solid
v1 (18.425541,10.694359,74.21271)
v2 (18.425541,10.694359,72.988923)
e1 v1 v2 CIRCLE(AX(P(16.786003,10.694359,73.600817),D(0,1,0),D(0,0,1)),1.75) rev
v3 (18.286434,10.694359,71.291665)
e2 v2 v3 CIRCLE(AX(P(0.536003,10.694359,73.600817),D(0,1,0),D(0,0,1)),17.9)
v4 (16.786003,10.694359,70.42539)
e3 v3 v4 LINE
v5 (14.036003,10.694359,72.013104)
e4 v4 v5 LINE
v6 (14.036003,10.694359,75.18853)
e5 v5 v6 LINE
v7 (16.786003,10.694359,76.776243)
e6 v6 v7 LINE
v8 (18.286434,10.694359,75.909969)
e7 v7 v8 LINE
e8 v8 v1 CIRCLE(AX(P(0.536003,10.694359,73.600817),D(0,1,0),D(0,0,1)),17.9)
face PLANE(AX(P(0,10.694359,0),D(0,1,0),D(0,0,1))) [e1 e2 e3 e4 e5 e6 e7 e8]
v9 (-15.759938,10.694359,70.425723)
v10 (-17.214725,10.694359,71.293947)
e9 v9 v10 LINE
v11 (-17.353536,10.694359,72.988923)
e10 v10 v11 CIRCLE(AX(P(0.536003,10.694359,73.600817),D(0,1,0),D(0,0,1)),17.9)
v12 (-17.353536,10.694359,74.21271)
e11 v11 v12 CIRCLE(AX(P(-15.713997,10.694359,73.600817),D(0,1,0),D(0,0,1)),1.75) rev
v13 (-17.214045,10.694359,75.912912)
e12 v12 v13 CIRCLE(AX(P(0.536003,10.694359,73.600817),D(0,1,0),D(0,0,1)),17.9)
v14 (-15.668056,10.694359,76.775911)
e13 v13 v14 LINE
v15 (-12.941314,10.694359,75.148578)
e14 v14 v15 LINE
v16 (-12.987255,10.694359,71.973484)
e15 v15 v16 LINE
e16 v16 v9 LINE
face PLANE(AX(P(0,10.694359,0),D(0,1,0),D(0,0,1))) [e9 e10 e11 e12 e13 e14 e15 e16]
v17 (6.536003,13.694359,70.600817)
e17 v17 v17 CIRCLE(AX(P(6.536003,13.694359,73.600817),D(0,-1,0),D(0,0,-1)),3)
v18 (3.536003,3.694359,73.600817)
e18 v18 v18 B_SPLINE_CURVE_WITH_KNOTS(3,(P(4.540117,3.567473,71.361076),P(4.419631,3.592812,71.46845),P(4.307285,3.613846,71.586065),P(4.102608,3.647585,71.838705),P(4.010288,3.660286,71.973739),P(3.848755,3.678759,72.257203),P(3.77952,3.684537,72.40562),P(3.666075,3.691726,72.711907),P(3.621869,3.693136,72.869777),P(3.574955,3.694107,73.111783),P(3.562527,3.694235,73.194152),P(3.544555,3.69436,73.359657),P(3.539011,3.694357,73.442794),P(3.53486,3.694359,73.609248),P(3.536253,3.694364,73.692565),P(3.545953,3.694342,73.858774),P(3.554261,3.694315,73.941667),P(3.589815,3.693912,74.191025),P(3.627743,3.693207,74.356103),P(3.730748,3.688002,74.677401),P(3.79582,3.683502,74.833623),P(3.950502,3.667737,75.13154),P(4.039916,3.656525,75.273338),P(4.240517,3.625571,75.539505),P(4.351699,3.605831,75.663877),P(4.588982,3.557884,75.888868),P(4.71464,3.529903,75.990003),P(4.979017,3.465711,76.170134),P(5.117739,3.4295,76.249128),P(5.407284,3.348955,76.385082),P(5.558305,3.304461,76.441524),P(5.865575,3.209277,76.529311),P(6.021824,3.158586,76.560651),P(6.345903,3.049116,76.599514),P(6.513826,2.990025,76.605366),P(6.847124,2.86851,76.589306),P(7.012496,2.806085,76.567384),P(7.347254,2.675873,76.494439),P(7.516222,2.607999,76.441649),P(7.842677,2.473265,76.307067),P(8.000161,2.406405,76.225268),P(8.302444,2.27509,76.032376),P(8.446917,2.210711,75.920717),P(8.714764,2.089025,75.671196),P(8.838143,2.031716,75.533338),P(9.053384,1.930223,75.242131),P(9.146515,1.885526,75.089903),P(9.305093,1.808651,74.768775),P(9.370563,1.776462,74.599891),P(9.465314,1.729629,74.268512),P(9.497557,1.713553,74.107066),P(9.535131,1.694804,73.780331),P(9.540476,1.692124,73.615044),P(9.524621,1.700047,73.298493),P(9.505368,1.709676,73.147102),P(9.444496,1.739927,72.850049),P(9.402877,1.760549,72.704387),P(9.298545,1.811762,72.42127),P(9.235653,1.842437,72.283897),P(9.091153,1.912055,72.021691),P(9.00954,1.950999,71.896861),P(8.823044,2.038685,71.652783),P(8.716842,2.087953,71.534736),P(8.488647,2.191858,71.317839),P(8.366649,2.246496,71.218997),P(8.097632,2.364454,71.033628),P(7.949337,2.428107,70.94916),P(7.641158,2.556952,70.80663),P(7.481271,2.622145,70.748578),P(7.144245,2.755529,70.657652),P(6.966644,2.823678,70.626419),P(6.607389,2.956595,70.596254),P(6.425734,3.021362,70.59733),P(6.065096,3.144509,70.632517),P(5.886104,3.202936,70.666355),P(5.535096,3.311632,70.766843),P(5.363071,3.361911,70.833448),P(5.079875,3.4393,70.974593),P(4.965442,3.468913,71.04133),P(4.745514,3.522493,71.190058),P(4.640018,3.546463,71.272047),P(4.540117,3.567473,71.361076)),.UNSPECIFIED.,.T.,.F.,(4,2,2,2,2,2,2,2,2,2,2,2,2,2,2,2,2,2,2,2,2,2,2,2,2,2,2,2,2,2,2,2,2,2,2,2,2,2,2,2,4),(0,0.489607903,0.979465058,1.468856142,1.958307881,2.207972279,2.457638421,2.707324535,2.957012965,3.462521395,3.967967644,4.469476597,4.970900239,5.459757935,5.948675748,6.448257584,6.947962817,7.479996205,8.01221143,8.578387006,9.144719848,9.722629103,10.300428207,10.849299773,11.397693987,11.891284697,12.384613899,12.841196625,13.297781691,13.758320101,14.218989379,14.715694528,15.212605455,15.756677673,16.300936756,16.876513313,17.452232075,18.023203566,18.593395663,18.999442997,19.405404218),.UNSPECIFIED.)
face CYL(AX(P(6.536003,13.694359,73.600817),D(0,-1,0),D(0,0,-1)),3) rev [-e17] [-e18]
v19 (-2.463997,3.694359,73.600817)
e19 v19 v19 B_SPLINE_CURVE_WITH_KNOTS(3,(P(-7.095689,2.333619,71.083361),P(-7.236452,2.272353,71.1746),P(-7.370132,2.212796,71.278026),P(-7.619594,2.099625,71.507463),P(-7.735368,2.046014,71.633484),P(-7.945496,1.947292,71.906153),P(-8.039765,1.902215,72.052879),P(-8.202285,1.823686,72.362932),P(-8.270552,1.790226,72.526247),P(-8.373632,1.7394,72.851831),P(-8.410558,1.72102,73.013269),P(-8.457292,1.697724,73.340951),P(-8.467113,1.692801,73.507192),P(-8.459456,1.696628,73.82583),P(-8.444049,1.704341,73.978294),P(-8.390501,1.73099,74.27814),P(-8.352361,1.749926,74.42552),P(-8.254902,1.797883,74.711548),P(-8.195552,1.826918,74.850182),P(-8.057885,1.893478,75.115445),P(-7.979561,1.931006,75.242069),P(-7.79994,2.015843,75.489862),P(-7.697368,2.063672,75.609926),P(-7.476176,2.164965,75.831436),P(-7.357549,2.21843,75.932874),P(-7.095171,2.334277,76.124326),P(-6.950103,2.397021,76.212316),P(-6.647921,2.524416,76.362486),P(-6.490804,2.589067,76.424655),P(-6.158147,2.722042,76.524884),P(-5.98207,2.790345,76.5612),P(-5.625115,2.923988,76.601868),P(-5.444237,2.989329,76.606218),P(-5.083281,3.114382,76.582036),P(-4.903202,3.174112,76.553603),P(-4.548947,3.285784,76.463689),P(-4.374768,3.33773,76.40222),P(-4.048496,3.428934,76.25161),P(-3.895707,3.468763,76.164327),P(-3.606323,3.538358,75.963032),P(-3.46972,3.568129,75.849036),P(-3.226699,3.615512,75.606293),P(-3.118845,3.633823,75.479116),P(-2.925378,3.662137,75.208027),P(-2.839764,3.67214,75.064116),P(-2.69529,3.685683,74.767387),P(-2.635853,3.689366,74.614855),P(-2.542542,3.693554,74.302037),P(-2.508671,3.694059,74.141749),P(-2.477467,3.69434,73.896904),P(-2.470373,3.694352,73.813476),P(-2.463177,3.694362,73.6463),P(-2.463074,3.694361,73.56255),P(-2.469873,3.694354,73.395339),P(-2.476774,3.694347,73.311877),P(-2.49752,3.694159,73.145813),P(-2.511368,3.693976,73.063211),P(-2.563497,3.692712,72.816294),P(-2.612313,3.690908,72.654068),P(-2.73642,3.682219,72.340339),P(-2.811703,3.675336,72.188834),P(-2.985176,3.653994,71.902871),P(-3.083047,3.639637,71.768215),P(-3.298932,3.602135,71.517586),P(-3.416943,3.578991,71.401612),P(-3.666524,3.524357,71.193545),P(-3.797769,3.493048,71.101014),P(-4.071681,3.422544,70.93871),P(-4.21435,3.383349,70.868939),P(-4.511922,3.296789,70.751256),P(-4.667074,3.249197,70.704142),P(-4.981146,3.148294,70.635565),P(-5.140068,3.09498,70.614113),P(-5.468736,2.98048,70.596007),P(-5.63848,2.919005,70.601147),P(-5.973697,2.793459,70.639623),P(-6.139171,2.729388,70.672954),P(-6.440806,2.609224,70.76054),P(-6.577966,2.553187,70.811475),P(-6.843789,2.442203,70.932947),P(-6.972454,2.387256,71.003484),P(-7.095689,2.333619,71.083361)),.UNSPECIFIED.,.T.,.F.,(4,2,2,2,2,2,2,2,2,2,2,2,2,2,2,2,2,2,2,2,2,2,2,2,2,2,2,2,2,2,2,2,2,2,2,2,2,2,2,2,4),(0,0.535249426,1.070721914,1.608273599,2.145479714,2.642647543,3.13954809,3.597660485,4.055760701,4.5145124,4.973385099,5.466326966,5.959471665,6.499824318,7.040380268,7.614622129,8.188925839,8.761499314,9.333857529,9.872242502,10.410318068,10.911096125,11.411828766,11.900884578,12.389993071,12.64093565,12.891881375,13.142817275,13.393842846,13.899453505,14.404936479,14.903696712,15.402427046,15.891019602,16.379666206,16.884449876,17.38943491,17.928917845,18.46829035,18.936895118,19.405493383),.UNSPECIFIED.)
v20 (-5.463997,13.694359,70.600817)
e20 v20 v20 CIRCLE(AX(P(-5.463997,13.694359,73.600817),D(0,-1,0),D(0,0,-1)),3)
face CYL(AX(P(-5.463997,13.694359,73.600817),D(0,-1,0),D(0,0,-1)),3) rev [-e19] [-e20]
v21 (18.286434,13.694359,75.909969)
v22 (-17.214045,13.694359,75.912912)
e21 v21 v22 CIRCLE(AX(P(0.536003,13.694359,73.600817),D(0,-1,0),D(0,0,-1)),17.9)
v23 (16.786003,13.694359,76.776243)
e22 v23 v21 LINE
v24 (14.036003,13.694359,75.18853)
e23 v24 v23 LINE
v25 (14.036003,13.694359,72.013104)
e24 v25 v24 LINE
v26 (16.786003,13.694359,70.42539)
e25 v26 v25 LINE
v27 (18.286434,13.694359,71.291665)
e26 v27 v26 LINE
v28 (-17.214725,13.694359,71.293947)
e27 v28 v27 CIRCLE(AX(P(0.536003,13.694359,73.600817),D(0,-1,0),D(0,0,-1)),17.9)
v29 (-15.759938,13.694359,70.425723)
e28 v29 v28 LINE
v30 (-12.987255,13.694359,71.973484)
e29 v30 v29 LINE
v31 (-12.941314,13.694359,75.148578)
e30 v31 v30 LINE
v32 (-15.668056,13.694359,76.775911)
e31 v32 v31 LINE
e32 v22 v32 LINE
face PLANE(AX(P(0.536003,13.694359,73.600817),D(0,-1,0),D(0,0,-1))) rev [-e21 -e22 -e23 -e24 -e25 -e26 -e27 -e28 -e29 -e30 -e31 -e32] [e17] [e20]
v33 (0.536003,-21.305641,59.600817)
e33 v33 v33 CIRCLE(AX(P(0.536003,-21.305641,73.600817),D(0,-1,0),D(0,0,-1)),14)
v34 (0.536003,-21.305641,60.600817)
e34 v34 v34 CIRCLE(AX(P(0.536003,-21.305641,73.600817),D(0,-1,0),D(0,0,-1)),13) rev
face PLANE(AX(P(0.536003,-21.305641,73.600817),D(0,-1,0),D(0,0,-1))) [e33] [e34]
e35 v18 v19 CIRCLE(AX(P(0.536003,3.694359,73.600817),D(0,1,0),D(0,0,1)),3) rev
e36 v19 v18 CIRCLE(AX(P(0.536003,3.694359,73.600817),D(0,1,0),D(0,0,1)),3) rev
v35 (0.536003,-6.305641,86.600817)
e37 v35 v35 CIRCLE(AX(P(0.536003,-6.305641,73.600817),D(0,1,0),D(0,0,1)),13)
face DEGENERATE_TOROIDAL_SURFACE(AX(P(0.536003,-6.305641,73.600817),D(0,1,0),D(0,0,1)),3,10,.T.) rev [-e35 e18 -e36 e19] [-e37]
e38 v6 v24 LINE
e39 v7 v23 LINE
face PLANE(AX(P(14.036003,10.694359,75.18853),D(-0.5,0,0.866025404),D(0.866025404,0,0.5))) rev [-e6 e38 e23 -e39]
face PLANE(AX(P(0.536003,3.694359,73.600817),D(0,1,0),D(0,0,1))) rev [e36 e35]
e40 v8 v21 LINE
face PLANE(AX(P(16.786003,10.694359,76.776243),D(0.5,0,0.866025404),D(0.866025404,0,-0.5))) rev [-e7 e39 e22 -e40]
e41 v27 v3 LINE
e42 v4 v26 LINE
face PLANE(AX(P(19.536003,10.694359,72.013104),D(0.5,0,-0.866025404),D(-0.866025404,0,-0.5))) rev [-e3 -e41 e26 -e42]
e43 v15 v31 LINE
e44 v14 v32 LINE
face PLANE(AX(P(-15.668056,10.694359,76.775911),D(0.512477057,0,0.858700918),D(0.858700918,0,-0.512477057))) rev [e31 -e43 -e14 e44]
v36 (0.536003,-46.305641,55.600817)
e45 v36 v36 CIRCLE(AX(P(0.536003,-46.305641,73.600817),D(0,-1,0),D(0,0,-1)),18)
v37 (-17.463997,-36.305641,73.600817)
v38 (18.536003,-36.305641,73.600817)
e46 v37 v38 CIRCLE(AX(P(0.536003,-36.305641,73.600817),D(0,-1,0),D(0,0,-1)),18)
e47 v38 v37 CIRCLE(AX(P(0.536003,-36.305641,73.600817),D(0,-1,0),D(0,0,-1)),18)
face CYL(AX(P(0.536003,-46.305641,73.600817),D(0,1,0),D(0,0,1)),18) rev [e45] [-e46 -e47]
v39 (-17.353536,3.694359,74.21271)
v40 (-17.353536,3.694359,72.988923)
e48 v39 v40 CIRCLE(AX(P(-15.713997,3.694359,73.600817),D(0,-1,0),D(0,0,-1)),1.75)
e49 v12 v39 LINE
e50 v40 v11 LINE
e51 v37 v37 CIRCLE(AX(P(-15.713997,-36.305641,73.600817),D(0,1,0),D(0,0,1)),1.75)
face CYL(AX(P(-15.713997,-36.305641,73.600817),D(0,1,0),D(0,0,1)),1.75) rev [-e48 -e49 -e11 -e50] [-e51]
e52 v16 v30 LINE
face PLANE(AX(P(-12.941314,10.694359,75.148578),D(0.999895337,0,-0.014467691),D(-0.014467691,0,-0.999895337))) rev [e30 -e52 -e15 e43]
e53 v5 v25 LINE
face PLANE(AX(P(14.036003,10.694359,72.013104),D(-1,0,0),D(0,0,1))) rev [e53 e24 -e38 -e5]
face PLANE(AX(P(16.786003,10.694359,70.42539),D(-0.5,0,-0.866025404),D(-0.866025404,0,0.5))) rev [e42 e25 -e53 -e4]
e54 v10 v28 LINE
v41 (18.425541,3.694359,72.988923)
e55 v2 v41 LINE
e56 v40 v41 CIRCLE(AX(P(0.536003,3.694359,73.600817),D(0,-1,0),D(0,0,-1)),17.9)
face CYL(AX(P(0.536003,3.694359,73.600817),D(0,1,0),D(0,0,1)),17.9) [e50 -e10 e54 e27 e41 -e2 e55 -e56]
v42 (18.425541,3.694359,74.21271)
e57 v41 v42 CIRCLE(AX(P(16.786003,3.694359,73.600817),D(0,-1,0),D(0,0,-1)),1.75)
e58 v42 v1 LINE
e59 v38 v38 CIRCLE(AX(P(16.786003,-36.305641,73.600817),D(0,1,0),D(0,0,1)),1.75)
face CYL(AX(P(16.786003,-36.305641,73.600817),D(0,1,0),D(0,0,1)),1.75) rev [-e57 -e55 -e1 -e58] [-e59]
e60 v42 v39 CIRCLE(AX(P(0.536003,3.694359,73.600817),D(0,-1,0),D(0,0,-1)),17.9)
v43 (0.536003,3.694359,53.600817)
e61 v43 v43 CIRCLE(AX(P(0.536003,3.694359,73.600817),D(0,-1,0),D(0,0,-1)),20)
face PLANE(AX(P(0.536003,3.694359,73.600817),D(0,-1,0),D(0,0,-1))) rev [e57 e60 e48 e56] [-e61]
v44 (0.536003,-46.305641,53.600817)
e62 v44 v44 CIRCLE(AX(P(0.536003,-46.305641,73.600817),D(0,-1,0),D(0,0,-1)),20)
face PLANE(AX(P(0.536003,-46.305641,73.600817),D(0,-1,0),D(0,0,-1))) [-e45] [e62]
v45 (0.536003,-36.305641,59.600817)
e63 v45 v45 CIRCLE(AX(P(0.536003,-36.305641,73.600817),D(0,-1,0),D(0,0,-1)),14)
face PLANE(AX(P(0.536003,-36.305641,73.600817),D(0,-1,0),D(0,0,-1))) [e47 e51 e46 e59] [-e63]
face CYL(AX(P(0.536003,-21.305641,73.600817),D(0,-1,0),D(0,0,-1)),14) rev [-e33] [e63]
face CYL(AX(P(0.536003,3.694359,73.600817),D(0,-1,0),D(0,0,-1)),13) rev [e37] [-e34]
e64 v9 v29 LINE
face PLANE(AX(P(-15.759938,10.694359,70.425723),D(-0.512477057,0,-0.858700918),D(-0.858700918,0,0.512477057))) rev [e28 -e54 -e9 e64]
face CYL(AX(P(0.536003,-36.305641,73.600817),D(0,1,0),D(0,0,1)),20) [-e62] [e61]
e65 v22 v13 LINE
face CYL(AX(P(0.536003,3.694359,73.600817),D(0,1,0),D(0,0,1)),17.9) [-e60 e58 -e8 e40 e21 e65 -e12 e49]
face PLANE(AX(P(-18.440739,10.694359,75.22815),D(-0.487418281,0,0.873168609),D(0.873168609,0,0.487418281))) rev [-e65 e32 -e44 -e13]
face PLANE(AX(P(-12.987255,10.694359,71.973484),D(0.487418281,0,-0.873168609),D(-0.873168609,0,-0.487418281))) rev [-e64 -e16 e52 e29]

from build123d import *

# Parameters (mm, degrees)
SKETCH1_R               = 17.9
BOSS_EXTRUDE1_DEPTH     = 10
SKETCH2_R               = 20
BOSS_EXTRUDE2_DEPTH     = 40
SKETCH3_R               = 1.75
CUT_EXTRUDE1_DEPTH      = 1
CUT_EXTRUDE1_DEPTH_BACK = 119
CUT_EXTRUDE2_DEPTH      = 3
CUT_EXTRUDE4_START      = -10
SKETCH5_R               = 12
CUT_EXTRUDE4_DEPTH      = 43
FILLET1_R               = 10
SKETCH6_R               = 20
SKETCH6_R_2             = 18
BOSS_EXTRUDE3_DEPTH     = 10
SKETCH7_R               = 13
CUT_EXTRUDE5_DEPTH      = 40
FILLET2_R               = 10
SKETCH8_R               = 3
CUT_EXTRUDE6_DEPTH      = 11
CUT_EXTRUDE6_DEPTH_BACK = 51
SKETCH10_R              = 14
CUT_EXTRUDE7_DEPTH      = 15


with BuildPart() as part:
    # Sketch1 → Boss-Extrude1 (new body)
    with BuildSketch(Plane(origin=(0, 13.694359, 0), x_dir=(-1, 0, 0), z_dir=(0, -1, 0))):
        with Locations((-0.536003, -73.600817)):
            Circle(SKETCH1_R)
    extrude(amount=BOSS_EXTRUDE1_DEPTH)

    # Sketch2 → Boss-Extrude2 (add)
    with BuildSketch(Plane(origin=(0, 3.694359, 0), x_dir=(-1, 0, 0), z_dir=(0, -1, 0))):
        with Locations((-0.536003, -73.600817)):
            Circle(SKETCH2_R)
    extrude(amount=BOSS_EXTRUDE2_DEPTH)

    # Sketch3 → Cut-Extrude1 (cut, two sides)
    with BuildSketch(Plane(origin=(0, 81.694359, 0), x_dir=(1, 0, 0), z_dir=(0, 1, 0))) as cut_extrude1_sk:
        with Locations((-15.713997, -73.600817)):
            Circle(SKETCH3_R)
        with Locations((16.786003, -73.600817)):
            Circle(SKETCH3_R)
    extrude(amount=CUT_EXTRUDE1_DEPTH, mode=Mode.SUBTRACT)
    extrude(cut_extrude1_sk.sketch, amount=-CUT_EXTRUDE1_DEPTH_BACK, mode=Mode.SUBTRACT)

    # Sketch4 → Cut-Extrude2 (cut)
    with BuildSketch(Plane(origin=(0, 13.694359, 0), x_dir=(1, 0, 0), z_dir=(0, 1, 0))):
        Polygon((-15.759938, -70.425723), (-18.48668, -72.053056), (-18.440739, -75.22815), (-15.668056, -76.775911), (-12.941314, -75.148578), (-12.987255, -71.973484), align=None)
        Polygon((16.786003, -70.42539), (14.036003, -72.013104), (14.036003, -75.18853), (16.786003, -76.776243), (19.536003, -75.18853), (19.536003, -72.013104), align=None)
    extrude(amount=-CUT_EXTRUDE2_DEPTH, mode=Mode.SUBTRACT)

    # Sketch5 → Cut-Extrude4 (cut)
    with BuildSketch(Plane(origin=(0, 13.694359, 0), x_dir=(1, 0, 0), z_dir=(0, 1, 0)).offset(CUT_EXTRUDE4_START)):
        with Locations((0.536003, -73.600817)):
            Circle(SKETCH5_R)
    extrude(amount=-CUT_EXTRUDE4_DEPTH, mode=Mode.SUBTRACT)

    # Fillet1
    fillet1_edges = [part.edges().sort_by_distance(p)[0] for p in [
        (-11.463997, 3.694359, 73.600817),
    ]]
    fillet(fillet1_edges, radius=FILLET1_R)

    # Sketch6 → Boss-Extrude3 (add)
    with BuildSketch(Plane.XZ.offset(36.305641)):
        with Locations((0.536003, 73.600817)):
            Circle(SKETCH6_R)
        with Locations((0.536003, 73.600817)):
            Circle(SKETCH6_R_2, mode=Mode.SUBTRACT)
    extrude(amount=BOSS_EXTRUDE3_DEPTH)

    # Sketch7 → Cut-Extrude5 (cut)
    with BuildSketch(Plane(origin=(0, -36.305641, 0), x_dir=(-1, 0, 0), z_dir=(0, -1, 0))):
        with Locations((-0.536003, -73.600817)):
            Circle(SKETCH7_R)
    extrude(amount=-CUT_EXTRUDE5_DEPTH, mode=Mode.SUBTRACT)

    # Fillet2
    fillet2_edges = [part.edges().sort_by_distance(p)[0] for p in [
        (13.536003, 3.694359, 73.600817),
    ]]
    fillet(fillet2_edges, radius=FILLET2_R)

    # Sketch8 → Cut-Extrude6 (cut, two sides)
    with BuildSketch(Plane(origin=(0, -36.305641, 0), x_dir=(-1, 0, 0), z_dir=(0, -1, 0))) as cut_extrude6_sk:
        with Locations((5.463997, -73.600817)):
            Circle(SKETCH8_R)
        with Locations((-6.536003, -73.600817)):
            Circle(SKETCH8_R)
    extrude(amount=CUT_EXTRUDE6_DEPTH, mode=Mode.SUBTRACT)
    extrude(cut_extrude6_sk.sketch, amount=-CUT_EXTRUDE6_DEPTH_BACK, mode=Mode.SUBTRACT)

    # Sketch10 → Cut-Extrude7 (cut)
    with BuildSketch(Plane(origin=(0, -36.305641, 0), x_dir=(-1, 0, 0), z_dir=(0, -1, 0))):
        with Locations((-0.536003, -73.600817)):
            Circle(SKETCH10_R)
    extrude(amount=-CUT_EXTRUDE7_DEPTH, mode=Mode.SUBTRACT)


solid = part.part
